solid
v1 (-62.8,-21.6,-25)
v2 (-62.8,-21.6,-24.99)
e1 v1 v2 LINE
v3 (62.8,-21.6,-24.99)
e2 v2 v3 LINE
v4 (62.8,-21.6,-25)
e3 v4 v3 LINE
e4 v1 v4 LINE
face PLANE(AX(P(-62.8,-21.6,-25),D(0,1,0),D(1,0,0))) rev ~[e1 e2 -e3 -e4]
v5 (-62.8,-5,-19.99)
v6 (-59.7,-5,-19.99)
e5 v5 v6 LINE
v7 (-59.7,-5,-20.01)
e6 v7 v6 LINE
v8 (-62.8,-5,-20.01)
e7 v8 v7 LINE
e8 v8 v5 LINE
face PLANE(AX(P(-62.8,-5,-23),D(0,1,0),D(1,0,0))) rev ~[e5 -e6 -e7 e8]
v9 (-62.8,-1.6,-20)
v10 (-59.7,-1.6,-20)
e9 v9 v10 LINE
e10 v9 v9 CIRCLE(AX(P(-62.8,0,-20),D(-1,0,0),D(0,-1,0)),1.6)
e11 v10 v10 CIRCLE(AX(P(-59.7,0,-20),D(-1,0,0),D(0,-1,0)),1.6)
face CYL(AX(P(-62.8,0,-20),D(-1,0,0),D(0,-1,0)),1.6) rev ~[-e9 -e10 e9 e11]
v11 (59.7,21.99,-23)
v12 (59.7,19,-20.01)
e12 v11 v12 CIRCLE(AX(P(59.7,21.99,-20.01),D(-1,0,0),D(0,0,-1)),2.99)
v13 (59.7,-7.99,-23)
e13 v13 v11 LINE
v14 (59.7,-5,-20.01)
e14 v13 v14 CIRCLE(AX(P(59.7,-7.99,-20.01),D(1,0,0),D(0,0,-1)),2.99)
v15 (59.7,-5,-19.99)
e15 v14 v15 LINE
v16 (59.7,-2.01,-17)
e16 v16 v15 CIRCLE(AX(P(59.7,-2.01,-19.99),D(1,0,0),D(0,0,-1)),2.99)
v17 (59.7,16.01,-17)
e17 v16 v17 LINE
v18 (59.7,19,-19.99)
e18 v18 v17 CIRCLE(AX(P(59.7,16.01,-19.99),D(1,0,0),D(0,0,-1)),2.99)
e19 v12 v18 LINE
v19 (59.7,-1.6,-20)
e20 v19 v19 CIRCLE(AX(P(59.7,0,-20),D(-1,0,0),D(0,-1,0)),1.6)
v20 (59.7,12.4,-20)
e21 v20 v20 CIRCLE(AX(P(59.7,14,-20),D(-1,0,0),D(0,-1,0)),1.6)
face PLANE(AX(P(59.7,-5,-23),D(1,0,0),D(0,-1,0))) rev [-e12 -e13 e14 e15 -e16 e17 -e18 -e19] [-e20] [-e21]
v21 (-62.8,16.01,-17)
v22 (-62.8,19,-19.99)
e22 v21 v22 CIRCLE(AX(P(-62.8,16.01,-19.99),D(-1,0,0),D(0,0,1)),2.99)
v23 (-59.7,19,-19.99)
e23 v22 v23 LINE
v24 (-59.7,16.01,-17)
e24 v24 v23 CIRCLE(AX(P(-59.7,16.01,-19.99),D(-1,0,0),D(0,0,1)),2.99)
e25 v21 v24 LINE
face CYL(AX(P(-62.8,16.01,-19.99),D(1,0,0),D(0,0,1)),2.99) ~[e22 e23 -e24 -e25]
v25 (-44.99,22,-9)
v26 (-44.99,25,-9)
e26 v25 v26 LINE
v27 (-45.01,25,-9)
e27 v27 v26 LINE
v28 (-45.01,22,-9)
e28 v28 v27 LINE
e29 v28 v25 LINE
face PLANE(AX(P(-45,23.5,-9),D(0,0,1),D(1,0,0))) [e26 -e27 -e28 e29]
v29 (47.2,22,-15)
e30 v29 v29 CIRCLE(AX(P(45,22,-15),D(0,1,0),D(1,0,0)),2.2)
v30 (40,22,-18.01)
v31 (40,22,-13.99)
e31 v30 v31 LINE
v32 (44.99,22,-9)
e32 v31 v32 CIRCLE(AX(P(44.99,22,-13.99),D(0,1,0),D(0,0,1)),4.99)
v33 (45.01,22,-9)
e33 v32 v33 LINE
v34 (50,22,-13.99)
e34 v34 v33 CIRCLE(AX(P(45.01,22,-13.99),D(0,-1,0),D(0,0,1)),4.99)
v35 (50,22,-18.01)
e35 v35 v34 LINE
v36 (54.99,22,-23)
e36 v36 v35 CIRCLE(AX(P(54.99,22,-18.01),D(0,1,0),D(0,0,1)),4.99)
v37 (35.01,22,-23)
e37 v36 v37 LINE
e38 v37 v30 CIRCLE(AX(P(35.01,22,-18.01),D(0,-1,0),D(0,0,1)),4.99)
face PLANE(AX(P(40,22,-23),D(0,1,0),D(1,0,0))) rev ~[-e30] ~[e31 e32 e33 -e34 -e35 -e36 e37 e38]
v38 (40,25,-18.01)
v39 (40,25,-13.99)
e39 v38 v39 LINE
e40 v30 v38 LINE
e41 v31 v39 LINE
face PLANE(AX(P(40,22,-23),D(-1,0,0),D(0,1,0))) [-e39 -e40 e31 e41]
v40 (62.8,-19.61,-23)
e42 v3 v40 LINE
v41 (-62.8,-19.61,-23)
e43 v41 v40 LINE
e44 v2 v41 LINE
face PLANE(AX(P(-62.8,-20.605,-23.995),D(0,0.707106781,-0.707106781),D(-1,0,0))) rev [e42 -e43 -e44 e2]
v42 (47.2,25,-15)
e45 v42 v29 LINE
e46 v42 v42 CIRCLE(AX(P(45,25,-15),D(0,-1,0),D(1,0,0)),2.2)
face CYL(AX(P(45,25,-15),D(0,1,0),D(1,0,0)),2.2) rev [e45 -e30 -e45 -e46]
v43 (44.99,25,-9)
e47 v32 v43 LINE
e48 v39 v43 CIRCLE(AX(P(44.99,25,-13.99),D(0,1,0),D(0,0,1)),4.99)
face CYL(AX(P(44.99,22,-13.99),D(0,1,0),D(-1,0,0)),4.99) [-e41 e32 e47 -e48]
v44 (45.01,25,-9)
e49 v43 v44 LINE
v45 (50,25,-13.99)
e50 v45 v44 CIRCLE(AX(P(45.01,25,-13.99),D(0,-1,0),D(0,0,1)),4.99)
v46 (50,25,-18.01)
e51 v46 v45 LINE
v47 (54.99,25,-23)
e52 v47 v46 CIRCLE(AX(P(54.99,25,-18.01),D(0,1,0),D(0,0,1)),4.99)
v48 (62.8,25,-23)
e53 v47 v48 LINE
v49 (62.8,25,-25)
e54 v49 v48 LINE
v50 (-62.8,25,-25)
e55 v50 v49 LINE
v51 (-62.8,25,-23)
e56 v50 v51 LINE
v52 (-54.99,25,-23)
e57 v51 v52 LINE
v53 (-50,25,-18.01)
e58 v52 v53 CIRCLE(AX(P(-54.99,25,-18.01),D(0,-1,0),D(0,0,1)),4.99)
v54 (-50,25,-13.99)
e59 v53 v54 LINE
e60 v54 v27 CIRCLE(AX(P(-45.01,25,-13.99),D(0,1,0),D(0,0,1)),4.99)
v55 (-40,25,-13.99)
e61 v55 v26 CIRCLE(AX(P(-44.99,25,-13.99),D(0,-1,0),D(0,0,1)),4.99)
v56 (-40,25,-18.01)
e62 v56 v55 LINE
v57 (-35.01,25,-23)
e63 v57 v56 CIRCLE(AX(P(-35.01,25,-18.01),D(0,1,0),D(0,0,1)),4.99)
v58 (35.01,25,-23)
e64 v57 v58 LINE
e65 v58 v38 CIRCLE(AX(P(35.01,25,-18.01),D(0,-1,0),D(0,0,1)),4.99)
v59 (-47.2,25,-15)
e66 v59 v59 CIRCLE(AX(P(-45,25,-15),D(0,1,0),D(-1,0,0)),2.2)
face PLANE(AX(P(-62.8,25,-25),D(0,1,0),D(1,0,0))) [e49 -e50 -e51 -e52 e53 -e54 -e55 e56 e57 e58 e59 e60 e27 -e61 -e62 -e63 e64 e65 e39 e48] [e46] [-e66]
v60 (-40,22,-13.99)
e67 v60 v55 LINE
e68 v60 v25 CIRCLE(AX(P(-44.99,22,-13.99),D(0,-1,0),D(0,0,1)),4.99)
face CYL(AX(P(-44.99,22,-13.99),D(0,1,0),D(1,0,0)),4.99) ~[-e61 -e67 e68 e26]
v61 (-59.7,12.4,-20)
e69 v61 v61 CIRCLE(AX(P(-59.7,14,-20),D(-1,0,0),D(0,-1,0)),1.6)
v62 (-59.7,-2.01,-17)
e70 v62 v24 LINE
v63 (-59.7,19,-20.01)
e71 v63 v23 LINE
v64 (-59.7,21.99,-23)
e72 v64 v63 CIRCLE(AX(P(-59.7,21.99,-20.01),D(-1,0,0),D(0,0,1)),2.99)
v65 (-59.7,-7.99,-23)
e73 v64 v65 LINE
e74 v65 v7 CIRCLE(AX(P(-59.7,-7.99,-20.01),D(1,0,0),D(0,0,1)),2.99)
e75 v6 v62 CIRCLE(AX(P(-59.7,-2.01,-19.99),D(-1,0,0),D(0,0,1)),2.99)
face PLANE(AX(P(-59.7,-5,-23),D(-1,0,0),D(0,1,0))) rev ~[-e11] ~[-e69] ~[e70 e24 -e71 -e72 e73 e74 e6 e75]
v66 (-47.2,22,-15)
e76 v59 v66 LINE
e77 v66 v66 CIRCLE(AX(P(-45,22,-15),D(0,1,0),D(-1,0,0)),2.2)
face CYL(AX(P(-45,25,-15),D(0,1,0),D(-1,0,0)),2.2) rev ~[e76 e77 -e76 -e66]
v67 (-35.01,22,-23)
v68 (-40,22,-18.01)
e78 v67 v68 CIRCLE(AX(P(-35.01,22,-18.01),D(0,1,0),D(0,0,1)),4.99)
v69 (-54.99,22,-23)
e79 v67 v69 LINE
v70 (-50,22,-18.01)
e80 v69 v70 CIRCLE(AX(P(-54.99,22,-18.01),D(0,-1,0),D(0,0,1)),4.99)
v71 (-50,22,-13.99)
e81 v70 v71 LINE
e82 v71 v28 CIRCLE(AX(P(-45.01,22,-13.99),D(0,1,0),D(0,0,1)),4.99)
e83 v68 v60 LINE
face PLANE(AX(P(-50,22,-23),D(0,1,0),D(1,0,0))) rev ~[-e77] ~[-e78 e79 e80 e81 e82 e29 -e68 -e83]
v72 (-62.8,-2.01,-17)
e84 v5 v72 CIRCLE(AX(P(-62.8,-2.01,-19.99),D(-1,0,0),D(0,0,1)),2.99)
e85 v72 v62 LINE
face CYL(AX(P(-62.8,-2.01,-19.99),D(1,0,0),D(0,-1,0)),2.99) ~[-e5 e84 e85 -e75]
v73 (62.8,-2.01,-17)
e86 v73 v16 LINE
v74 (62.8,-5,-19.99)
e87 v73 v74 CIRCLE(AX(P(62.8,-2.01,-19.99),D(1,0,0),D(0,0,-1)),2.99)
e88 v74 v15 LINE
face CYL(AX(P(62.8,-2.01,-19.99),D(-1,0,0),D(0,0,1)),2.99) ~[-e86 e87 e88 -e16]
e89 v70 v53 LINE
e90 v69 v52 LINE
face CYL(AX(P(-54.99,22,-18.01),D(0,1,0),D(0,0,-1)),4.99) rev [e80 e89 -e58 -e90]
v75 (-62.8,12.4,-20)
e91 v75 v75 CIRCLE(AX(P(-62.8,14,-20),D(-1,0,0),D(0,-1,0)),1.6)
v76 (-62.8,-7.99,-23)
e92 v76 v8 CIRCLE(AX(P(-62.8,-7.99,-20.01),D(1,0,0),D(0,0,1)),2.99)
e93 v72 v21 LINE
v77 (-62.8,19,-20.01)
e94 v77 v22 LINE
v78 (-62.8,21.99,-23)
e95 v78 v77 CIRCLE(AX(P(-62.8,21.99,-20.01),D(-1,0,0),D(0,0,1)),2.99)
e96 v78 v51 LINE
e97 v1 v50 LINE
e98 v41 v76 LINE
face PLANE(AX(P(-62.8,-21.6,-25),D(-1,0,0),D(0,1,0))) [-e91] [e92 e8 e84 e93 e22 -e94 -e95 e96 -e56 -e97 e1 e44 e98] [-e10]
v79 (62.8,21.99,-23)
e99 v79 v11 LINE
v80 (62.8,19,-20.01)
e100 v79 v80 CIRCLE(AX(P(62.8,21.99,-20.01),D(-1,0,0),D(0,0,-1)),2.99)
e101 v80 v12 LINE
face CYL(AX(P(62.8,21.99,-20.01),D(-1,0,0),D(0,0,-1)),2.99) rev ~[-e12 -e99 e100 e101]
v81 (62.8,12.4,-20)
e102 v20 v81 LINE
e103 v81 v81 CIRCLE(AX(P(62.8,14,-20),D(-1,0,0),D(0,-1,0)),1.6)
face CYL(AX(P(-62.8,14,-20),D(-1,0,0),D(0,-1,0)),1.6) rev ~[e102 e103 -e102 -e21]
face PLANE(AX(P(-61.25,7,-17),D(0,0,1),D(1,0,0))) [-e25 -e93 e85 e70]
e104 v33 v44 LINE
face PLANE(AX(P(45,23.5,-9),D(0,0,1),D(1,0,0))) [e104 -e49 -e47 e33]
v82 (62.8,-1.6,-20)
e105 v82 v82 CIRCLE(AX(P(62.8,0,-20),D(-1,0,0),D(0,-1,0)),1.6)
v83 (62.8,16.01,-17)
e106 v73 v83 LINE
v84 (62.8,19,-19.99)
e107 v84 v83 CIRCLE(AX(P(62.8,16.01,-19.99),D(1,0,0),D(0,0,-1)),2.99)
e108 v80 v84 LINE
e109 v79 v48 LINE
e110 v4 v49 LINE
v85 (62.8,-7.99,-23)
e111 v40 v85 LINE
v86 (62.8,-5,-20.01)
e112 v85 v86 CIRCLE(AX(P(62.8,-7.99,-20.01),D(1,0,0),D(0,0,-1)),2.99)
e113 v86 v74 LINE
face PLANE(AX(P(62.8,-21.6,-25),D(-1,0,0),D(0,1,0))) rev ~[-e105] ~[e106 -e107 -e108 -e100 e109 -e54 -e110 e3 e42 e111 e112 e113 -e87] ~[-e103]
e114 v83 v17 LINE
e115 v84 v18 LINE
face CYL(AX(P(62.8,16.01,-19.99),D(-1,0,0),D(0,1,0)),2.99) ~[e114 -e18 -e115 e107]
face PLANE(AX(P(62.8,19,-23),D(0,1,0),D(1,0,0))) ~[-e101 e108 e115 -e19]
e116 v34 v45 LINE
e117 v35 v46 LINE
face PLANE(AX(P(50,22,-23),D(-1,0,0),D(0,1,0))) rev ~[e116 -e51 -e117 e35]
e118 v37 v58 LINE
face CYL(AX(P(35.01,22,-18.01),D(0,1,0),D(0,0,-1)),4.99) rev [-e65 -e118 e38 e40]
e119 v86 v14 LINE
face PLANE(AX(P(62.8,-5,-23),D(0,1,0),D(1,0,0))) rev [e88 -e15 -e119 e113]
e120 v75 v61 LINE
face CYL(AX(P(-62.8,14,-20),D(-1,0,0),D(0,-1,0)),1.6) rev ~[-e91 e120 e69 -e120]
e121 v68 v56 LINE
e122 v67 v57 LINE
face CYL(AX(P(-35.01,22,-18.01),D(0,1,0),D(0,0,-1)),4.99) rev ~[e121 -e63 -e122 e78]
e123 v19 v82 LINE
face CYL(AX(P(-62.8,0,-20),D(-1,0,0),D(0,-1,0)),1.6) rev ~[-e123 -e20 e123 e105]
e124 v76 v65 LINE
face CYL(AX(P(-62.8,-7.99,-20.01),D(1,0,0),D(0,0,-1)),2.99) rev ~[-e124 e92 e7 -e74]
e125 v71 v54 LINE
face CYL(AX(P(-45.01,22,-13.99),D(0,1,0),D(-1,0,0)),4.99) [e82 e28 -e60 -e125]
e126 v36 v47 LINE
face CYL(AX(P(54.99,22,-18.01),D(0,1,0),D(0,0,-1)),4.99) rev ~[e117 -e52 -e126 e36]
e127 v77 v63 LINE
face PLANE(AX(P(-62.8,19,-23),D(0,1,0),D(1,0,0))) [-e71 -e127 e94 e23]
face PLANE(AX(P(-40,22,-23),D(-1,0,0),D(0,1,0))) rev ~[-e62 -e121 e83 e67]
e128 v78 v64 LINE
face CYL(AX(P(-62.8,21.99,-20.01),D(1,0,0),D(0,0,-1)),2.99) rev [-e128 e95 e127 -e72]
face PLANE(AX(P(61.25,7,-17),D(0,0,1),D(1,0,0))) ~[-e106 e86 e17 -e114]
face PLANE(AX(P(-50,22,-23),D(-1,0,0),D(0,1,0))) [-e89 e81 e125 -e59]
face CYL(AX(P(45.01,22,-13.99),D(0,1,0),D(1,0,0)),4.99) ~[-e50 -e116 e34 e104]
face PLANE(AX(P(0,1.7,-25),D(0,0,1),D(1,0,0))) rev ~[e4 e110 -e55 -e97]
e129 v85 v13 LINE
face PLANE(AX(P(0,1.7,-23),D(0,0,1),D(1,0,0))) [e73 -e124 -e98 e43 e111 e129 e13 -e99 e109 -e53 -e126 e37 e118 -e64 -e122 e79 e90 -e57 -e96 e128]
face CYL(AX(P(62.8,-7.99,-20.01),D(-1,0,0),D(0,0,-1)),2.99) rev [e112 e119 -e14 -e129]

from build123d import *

# Parameters (mm, degrees)
SKETCH013_W     = 125.6
SKETCH013_H     = 46.6
PAD007_DEPTH    = 2
CHAMFER_SIZE    = 1.99
SKETCH014_W     = 3.1
SKETCH014_H     = 24
PAD008_DEPTH    = 6
SKETCH015_R     = 1.6
POCKET002_DEPTH = 125.601
SKETCH016_W     = 10
SKETCH016_H     = 3
PAD009_DEPTH    = 14
SKETCH017_R     = 2.2
POCKET003_DEPTH = 5
FILLET001_R     = 4.99
FILLET002_R     = 2.99


with BuildPart() as part:
    # Sketch013 → Pad007 (new body)
    with BuildSketch(Plane.XY.offset(-25)):
        with Locations((0, 1.7)):
            Rectangle(SKETCH013_W, SKETCH013_H)
    extrude(amount=PAD007_DEPTH)

    # Chamfer
    chamfer_edges = [part.edges().sort_by_distance(p)[0] for p in [
        (0, -21.6, -23),
    ]]
    chamfer(chamfer_edges, length=CHAMFER_SIZE)

    # Sketch014 → Pad008 (new body)
    with BuildSketch(Plane.XY.offset(-23)):
        with Locations((-61.25, 7)):
            Rectangle(SKETCH014_W, SKETCH014_H)
    pad008 = extrude(amount=PAD008_DEPTH)

    # Mirrored: Pad008 across Sketch014 V_Axis
    add(pad008.mirror(Plane(origin=(0, 0, -23), x_dir=(0, 0, 1), z_dir=(1, 0, 0))))

    # Sketch015 → Pocket002 (cut, through all)
    with BuildSketch(Plane(origin=(-62.8, 0, -25), x_dir=(0, -1, 0), z_dir=(-1, 0, 0))):
        with Locations((0, 5)):
            Circle(SKETCH015_R)
        with Locations((-14, 5)):
            Circle(SKETCH015_R)
    extrude(amount=-POCKET002_DEPTH, mode=Mode.SUBTRACT)

    # Sketch016 → Pad009 (new body)
    with BuildSketch(Plane.XY.offset(-23)):
        with Locations((-45, 23.5)):
            Rectangle(SKETCH016_W, SKETCH016_H)
        with Locations((45, 23.5)):
            Rectangle(SKETCH016_W, SKETCH016_H)
    extrude(amount=PAD009_DEPTH)

    # Sketch017 → Pocket003 (cut)
    with BuildSketch(Plane(origin=(0, 25, -25), x_dir=(-1, 0, 0), z_dir=(0, 1, 0))):
        with Locations((45, 10)):
            Circle(SKETCH017_R)
    pocket003 = extrude(amount=-POCKET003_DEPTH, mode=Mode.SUBTRACT)

    # Mirrored001: Pocket003 across Sketch017 V_Axis
    add(pocket003.mirror(Plane(origin=(0, 25, -25), x_dir=(0, 1, 0), z_dir=(-1, 0, 0))), mode=Mode.SUBTRACT)

    # Fillet001
    fillet001_edges = [part.edges().sort_by_distance(p)[0] for p in [
        (50, 23.5, -23),
        (50, 23.5, -9),
        (40, 23.5, -9),
        (40, 23.5, -23),
        (-50, 23.5, -23),
        (-50, 23.5, -9),
        (-40, 23.5, -9),
        (-40, 23.5, -23),
    ]]
    fillet(fillet001_edges, radius=FILLET001_R)

    # Fillet002
    fillet002_edges = [part.edges().sort_by_distance(p)[0] for p in [
        (-61.25, 19, -23),
        (-61.25, 19, -17),
        (-61.25, -5, -23),
        (-61.25, -5, -17),
        (61.25, -5, -17),
        (61.25, -5, -23),
        (61.25, 19, -17),
        (61.25, 19, -23),
    ]]
    fillet(fillet002_edges, radius=FILLET002_R)


solid = part.part
